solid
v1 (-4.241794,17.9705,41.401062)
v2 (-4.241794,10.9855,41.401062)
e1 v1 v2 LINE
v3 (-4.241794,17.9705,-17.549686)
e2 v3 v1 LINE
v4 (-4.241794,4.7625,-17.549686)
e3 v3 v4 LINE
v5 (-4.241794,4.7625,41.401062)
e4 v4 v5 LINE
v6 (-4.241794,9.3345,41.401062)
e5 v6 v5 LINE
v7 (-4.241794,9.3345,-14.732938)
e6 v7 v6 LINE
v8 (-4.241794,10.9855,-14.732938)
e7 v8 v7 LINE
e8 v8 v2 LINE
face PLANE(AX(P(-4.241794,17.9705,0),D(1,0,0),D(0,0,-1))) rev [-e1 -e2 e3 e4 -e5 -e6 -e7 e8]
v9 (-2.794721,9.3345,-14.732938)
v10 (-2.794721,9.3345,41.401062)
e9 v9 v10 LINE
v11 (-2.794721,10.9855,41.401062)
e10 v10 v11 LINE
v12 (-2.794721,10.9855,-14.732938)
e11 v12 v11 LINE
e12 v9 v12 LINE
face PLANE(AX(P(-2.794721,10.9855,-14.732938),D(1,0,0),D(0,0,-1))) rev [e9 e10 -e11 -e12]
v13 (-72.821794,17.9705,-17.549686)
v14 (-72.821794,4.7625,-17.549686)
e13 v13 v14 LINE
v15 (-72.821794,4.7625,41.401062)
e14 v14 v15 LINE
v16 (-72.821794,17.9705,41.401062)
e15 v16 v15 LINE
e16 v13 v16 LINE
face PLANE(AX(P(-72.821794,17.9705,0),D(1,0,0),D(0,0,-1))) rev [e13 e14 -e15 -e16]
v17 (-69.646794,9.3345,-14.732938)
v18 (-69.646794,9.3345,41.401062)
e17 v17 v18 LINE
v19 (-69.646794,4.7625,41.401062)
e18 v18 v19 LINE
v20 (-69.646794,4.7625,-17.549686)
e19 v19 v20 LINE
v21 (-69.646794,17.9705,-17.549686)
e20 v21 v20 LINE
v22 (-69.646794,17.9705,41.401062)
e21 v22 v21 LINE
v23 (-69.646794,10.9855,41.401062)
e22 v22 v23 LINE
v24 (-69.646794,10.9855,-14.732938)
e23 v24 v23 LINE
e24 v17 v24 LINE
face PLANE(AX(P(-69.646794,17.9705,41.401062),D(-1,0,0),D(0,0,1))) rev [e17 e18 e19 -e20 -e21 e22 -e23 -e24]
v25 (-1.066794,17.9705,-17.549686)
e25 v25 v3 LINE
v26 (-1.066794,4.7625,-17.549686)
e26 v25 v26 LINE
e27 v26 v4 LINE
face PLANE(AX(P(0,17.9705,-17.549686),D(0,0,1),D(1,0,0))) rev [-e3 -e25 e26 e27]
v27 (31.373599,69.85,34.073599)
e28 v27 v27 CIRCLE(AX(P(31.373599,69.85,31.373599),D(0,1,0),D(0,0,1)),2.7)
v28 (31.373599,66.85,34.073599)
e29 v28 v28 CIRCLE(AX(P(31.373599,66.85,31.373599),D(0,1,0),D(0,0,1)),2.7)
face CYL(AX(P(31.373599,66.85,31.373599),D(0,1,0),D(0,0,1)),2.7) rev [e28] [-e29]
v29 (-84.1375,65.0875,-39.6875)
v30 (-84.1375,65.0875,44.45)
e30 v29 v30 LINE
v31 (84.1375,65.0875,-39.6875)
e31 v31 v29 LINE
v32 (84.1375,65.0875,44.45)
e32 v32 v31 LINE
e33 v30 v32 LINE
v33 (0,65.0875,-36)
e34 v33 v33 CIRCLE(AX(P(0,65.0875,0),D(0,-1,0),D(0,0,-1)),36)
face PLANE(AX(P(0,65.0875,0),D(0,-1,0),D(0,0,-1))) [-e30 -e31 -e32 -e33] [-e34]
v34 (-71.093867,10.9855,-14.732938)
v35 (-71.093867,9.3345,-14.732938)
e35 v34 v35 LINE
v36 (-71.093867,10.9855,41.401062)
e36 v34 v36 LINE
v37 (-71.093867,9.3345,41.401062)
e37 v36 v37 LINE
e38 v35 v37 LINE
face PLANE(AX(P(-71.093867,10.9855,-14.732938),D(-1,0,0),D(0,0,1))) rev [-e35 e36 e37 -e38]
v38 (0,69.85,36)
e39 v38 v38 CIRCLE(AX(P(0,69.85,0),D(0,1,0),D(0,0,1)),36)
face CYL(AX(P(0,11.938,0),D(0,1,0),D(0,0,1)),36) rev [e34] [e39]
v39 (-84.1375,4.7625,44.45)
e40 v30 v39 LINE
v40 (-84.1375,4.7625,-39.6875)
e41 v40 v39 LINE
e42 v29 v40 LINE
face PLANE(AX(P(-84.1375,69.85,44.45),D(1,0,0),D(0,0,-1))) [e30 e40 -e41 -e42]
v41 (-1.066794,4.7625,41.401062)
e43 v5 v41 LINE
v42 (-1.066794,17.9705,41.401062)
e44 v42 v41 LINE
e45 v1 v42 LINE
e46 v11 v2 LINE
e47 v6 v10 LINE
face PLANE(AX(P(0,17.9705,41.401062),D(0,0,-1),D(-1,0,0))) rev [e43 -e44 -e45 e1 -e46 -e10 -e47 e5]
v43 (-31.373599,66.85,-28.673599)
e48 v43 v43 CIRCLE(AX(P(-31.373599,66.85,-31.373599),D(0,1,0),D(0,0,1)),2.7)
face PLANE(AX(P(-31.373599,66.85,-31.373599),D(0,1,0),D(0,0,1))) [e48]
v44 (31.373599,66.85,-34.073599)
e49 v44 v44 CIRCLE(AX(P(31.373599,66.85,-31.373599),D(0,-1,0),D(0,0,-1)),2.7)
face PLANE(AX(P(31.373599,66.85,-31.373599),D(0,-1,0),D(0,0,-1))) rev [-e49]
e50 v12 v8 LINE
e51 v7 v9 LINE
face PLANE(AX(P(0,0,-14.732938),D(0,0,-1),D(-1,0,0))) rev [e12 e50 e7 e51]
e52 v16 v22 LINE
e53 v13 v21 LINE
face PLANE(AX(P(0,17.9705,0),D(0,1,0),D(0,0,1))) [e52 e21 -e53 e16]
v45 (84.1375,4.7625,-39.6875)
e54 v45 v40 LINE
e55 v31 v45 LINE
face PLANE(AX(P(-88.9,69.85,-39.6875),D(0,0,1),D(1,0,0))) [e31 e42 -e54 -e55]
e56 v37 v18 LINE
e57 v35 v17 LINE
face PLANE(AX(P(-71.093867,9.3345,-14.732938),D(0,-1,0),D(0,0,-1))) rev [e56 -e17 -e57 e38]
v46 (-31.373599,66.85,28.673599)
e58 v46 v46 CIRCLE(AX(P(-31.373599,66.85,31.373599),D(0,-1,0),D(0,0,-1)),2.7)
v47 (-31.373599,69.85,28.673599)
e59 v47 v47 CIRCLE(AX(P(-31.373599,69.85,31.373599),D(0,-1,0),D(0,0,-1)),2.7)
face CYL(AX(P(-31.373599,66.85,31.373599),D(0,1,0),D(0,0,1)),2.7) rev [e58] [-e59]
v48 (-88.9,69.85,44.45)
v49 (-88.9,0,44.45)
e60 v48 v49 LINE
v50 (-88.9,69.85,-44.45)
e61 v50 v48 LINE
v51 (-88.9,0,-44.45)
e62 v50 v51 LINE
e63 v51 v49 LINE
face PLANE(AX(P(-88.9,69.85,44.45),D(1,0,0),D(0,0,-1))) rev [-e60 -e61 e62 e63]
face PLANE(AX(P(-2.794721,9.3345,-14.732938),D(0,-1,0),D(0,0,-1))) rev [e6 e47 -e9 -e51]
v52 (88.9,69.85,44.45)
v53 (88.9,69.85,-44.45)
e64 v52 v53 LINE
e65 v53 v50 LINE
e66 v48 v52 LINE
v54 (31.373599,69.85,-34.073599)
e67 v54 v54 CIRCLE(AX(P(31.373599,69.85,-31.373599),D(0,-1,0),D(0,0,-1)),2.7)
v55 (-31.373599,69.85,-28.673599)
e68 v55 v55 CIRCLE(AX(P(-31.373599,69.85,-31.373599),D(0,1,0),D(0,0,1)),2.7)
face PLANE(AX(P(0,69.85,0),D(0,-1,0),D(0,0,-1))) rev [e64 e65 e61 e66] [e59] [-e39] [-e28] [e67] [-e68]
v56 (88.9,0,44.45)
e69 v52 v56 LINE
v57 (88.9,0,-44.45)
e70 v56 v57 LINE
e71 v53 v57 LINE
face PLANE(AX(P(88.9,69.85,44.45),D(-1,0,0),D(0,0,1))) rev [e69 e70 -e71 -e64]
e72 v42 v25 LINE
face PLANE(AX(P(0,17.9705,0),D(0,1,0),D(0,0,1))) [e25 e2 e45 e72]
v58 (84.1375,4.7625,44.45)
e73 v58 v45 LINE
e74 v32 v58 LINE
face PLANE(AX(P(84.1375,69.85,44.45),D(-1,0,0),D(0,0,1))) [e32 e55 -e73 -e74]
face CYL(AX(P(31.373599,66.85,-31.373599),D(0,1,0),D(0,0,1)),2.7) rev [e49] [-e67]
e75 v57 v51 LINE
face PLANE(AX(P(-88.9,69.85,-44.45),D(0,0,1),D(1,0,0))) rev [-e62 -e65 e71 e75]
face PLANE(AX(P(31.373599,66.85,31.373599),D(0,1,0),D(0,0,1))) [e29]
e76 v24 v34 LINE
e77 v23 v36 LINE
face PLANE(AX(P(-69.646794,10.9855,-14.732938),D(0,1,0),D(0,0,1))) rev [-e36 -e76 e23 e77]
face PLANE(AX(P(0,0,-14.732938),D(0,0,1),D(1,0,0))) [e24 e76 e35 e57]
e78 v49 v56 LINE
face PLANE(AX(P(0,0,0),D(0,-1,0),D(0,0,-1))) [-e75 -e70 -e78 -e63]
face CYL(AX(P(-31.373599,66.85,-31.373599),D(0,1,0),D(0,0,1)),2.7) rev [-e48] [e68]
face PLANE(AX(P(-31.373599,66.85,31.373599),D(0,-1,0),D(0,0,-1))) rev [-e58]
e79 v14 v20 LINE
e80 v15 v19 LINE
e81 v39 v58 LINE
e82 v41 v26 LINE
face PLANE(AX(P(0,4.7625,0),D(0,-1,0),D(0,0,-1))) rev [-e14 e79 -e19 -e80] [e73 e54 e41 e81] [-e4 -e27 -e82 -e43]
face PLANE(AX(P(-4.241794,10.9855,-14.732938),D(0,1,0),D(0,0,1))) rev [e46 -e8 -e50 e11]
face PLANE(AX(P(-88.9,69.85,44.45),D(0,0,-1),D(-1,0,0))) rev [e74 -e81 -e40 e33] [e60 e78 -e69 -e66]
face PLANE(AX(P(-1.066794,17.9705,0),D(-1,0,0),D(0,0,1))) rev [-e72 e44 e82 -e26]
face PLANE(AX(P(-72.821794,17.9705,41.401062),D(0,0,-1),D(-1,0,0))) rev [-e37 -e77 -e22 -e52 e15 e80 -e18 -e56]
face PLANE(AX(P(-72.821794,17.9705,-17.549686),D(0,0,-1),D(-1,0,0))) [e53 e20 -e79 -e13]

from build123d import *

# Parameters (mm, degrees)
SKETCH1_W           = 177.8
SKETCH1_H           = 88.9
BOSS_EXTRUDE1_DEPTH = 69.85
SHELL1_T            = -4.7625
SKETCH3_R           = 36
CUT_EXTRUDE1_DEPTH  = 57.912
SKETCH4_R           = 2.7
CUT_EXTRUDE4_DEPTH  = 3
SKETCH5_W           = 3.175
SKETCH5_H           = 58.95074776
BOSS_EXTRUDE4_DEPTH = 13.208
SKETCH8_W           = 1.447073232
SKETCH8_H           = 1.651
CUT_EXTRUDE8_DEPTH  = 56.134


with BuildPart() as part:
    # Sketch1 → Boss-Extrude1 (new body)
    with BuildSketch(Plane(origin=(0, 0, 0), x_dir=(1, 0, 0), z_dir=(0, 1, 0))):
        Rectangle(SKETCH1_W, SKETCH1_H)
    extrude(amount=BOSS_EXTRUDE1_DEPTH)

    # Shell1
    shell1_openings = [part.faces().sort_by_distance(p)[0] for p in [
        (0, 34.925, 44.45),
    ]]
    offset(amount=SHELL1_T, openings=shell1_openings, kind=Kind.INTERSECTION)

    # Sketch3 → Cut-Extrude1 (cut)
    with BuildSketch(Plane(origin=(0, 69.85, 0), x_dir=(1, 0, 0), z_dir=(0, 1, 0))):
        with Locations(Location((0, 0, 0), (0, 0, 270))):
            Circle(SKETCH3_R)
    extrude(amount=-CUT_EXTRUDE1_DEPTH, mode=Mode.SUBTRACT)

    # Sketch4 → Cut-Extrude4 (cut)
    with BuildSketch(Plane(origin=(0, 69.85, 0), x_dir=(1, 0, 0), z_dir=(0, 1, 0))):
        with Locations(Location((-31.373598792, 31.373598792, 0), (0, 0, 270))):
            Circle(SKETCH4_R)
        with Locations(Location((31.373598792, 31.373598792, 0), (0, 0, 90))):
            Circle(SKETCH4_R)
        with Locations(Location((31.373598792, -31.373598792, 0), (0, 0, 270))):
            Circle(SKETCH4_R)
        with Locations(Location((-31.373598792, -31.373598792, 0), (0, 0, 90))):
            Circle(SKETCH4_R)
    extrude(amount=-CUT_EXTRUDE4_DEPTH, mode=Mode.SUBTRACT)

    # Sketch5 → Boss-Extrude4 (add)
    with BuildSketch(Plane(origin=(0, 4.7625, 0), x_dir=(1, 0, 0), z_dir=(0, 1, 0))):
        with Locations((-2.654293776, -11.925687975)):
            Rectangle(SKETCH5_W, SKETCH5_H)
        Polygon((-69.646793776, -41.401061855), (-69.646793776, 17.549685905), (-72.821793776, 17.549685905), (-72.821793776, 0), (-72.821793776, -41.401061855), align=None)
    extrude(amount=BOSS_EXTRUDE4_DEPTH)

    # Sketch8 → Cut-Extrude8 (cut)
    with BuildSketch(Plane.XY.offset(41.401061855)):
        with Locations((-70.370330392, 10.16)):
            Rectangle(SKETCH8_W, SKETCH8_H)
        with Locations((-3.51825716, 10.16)):
            Rectangle(SKETCH8_W, SKETCH8_H)
    extrude(amount=-CUT_EXTRUDE8_DEPTH, mode=Mode.SUBTRACT)


solid = part.part
